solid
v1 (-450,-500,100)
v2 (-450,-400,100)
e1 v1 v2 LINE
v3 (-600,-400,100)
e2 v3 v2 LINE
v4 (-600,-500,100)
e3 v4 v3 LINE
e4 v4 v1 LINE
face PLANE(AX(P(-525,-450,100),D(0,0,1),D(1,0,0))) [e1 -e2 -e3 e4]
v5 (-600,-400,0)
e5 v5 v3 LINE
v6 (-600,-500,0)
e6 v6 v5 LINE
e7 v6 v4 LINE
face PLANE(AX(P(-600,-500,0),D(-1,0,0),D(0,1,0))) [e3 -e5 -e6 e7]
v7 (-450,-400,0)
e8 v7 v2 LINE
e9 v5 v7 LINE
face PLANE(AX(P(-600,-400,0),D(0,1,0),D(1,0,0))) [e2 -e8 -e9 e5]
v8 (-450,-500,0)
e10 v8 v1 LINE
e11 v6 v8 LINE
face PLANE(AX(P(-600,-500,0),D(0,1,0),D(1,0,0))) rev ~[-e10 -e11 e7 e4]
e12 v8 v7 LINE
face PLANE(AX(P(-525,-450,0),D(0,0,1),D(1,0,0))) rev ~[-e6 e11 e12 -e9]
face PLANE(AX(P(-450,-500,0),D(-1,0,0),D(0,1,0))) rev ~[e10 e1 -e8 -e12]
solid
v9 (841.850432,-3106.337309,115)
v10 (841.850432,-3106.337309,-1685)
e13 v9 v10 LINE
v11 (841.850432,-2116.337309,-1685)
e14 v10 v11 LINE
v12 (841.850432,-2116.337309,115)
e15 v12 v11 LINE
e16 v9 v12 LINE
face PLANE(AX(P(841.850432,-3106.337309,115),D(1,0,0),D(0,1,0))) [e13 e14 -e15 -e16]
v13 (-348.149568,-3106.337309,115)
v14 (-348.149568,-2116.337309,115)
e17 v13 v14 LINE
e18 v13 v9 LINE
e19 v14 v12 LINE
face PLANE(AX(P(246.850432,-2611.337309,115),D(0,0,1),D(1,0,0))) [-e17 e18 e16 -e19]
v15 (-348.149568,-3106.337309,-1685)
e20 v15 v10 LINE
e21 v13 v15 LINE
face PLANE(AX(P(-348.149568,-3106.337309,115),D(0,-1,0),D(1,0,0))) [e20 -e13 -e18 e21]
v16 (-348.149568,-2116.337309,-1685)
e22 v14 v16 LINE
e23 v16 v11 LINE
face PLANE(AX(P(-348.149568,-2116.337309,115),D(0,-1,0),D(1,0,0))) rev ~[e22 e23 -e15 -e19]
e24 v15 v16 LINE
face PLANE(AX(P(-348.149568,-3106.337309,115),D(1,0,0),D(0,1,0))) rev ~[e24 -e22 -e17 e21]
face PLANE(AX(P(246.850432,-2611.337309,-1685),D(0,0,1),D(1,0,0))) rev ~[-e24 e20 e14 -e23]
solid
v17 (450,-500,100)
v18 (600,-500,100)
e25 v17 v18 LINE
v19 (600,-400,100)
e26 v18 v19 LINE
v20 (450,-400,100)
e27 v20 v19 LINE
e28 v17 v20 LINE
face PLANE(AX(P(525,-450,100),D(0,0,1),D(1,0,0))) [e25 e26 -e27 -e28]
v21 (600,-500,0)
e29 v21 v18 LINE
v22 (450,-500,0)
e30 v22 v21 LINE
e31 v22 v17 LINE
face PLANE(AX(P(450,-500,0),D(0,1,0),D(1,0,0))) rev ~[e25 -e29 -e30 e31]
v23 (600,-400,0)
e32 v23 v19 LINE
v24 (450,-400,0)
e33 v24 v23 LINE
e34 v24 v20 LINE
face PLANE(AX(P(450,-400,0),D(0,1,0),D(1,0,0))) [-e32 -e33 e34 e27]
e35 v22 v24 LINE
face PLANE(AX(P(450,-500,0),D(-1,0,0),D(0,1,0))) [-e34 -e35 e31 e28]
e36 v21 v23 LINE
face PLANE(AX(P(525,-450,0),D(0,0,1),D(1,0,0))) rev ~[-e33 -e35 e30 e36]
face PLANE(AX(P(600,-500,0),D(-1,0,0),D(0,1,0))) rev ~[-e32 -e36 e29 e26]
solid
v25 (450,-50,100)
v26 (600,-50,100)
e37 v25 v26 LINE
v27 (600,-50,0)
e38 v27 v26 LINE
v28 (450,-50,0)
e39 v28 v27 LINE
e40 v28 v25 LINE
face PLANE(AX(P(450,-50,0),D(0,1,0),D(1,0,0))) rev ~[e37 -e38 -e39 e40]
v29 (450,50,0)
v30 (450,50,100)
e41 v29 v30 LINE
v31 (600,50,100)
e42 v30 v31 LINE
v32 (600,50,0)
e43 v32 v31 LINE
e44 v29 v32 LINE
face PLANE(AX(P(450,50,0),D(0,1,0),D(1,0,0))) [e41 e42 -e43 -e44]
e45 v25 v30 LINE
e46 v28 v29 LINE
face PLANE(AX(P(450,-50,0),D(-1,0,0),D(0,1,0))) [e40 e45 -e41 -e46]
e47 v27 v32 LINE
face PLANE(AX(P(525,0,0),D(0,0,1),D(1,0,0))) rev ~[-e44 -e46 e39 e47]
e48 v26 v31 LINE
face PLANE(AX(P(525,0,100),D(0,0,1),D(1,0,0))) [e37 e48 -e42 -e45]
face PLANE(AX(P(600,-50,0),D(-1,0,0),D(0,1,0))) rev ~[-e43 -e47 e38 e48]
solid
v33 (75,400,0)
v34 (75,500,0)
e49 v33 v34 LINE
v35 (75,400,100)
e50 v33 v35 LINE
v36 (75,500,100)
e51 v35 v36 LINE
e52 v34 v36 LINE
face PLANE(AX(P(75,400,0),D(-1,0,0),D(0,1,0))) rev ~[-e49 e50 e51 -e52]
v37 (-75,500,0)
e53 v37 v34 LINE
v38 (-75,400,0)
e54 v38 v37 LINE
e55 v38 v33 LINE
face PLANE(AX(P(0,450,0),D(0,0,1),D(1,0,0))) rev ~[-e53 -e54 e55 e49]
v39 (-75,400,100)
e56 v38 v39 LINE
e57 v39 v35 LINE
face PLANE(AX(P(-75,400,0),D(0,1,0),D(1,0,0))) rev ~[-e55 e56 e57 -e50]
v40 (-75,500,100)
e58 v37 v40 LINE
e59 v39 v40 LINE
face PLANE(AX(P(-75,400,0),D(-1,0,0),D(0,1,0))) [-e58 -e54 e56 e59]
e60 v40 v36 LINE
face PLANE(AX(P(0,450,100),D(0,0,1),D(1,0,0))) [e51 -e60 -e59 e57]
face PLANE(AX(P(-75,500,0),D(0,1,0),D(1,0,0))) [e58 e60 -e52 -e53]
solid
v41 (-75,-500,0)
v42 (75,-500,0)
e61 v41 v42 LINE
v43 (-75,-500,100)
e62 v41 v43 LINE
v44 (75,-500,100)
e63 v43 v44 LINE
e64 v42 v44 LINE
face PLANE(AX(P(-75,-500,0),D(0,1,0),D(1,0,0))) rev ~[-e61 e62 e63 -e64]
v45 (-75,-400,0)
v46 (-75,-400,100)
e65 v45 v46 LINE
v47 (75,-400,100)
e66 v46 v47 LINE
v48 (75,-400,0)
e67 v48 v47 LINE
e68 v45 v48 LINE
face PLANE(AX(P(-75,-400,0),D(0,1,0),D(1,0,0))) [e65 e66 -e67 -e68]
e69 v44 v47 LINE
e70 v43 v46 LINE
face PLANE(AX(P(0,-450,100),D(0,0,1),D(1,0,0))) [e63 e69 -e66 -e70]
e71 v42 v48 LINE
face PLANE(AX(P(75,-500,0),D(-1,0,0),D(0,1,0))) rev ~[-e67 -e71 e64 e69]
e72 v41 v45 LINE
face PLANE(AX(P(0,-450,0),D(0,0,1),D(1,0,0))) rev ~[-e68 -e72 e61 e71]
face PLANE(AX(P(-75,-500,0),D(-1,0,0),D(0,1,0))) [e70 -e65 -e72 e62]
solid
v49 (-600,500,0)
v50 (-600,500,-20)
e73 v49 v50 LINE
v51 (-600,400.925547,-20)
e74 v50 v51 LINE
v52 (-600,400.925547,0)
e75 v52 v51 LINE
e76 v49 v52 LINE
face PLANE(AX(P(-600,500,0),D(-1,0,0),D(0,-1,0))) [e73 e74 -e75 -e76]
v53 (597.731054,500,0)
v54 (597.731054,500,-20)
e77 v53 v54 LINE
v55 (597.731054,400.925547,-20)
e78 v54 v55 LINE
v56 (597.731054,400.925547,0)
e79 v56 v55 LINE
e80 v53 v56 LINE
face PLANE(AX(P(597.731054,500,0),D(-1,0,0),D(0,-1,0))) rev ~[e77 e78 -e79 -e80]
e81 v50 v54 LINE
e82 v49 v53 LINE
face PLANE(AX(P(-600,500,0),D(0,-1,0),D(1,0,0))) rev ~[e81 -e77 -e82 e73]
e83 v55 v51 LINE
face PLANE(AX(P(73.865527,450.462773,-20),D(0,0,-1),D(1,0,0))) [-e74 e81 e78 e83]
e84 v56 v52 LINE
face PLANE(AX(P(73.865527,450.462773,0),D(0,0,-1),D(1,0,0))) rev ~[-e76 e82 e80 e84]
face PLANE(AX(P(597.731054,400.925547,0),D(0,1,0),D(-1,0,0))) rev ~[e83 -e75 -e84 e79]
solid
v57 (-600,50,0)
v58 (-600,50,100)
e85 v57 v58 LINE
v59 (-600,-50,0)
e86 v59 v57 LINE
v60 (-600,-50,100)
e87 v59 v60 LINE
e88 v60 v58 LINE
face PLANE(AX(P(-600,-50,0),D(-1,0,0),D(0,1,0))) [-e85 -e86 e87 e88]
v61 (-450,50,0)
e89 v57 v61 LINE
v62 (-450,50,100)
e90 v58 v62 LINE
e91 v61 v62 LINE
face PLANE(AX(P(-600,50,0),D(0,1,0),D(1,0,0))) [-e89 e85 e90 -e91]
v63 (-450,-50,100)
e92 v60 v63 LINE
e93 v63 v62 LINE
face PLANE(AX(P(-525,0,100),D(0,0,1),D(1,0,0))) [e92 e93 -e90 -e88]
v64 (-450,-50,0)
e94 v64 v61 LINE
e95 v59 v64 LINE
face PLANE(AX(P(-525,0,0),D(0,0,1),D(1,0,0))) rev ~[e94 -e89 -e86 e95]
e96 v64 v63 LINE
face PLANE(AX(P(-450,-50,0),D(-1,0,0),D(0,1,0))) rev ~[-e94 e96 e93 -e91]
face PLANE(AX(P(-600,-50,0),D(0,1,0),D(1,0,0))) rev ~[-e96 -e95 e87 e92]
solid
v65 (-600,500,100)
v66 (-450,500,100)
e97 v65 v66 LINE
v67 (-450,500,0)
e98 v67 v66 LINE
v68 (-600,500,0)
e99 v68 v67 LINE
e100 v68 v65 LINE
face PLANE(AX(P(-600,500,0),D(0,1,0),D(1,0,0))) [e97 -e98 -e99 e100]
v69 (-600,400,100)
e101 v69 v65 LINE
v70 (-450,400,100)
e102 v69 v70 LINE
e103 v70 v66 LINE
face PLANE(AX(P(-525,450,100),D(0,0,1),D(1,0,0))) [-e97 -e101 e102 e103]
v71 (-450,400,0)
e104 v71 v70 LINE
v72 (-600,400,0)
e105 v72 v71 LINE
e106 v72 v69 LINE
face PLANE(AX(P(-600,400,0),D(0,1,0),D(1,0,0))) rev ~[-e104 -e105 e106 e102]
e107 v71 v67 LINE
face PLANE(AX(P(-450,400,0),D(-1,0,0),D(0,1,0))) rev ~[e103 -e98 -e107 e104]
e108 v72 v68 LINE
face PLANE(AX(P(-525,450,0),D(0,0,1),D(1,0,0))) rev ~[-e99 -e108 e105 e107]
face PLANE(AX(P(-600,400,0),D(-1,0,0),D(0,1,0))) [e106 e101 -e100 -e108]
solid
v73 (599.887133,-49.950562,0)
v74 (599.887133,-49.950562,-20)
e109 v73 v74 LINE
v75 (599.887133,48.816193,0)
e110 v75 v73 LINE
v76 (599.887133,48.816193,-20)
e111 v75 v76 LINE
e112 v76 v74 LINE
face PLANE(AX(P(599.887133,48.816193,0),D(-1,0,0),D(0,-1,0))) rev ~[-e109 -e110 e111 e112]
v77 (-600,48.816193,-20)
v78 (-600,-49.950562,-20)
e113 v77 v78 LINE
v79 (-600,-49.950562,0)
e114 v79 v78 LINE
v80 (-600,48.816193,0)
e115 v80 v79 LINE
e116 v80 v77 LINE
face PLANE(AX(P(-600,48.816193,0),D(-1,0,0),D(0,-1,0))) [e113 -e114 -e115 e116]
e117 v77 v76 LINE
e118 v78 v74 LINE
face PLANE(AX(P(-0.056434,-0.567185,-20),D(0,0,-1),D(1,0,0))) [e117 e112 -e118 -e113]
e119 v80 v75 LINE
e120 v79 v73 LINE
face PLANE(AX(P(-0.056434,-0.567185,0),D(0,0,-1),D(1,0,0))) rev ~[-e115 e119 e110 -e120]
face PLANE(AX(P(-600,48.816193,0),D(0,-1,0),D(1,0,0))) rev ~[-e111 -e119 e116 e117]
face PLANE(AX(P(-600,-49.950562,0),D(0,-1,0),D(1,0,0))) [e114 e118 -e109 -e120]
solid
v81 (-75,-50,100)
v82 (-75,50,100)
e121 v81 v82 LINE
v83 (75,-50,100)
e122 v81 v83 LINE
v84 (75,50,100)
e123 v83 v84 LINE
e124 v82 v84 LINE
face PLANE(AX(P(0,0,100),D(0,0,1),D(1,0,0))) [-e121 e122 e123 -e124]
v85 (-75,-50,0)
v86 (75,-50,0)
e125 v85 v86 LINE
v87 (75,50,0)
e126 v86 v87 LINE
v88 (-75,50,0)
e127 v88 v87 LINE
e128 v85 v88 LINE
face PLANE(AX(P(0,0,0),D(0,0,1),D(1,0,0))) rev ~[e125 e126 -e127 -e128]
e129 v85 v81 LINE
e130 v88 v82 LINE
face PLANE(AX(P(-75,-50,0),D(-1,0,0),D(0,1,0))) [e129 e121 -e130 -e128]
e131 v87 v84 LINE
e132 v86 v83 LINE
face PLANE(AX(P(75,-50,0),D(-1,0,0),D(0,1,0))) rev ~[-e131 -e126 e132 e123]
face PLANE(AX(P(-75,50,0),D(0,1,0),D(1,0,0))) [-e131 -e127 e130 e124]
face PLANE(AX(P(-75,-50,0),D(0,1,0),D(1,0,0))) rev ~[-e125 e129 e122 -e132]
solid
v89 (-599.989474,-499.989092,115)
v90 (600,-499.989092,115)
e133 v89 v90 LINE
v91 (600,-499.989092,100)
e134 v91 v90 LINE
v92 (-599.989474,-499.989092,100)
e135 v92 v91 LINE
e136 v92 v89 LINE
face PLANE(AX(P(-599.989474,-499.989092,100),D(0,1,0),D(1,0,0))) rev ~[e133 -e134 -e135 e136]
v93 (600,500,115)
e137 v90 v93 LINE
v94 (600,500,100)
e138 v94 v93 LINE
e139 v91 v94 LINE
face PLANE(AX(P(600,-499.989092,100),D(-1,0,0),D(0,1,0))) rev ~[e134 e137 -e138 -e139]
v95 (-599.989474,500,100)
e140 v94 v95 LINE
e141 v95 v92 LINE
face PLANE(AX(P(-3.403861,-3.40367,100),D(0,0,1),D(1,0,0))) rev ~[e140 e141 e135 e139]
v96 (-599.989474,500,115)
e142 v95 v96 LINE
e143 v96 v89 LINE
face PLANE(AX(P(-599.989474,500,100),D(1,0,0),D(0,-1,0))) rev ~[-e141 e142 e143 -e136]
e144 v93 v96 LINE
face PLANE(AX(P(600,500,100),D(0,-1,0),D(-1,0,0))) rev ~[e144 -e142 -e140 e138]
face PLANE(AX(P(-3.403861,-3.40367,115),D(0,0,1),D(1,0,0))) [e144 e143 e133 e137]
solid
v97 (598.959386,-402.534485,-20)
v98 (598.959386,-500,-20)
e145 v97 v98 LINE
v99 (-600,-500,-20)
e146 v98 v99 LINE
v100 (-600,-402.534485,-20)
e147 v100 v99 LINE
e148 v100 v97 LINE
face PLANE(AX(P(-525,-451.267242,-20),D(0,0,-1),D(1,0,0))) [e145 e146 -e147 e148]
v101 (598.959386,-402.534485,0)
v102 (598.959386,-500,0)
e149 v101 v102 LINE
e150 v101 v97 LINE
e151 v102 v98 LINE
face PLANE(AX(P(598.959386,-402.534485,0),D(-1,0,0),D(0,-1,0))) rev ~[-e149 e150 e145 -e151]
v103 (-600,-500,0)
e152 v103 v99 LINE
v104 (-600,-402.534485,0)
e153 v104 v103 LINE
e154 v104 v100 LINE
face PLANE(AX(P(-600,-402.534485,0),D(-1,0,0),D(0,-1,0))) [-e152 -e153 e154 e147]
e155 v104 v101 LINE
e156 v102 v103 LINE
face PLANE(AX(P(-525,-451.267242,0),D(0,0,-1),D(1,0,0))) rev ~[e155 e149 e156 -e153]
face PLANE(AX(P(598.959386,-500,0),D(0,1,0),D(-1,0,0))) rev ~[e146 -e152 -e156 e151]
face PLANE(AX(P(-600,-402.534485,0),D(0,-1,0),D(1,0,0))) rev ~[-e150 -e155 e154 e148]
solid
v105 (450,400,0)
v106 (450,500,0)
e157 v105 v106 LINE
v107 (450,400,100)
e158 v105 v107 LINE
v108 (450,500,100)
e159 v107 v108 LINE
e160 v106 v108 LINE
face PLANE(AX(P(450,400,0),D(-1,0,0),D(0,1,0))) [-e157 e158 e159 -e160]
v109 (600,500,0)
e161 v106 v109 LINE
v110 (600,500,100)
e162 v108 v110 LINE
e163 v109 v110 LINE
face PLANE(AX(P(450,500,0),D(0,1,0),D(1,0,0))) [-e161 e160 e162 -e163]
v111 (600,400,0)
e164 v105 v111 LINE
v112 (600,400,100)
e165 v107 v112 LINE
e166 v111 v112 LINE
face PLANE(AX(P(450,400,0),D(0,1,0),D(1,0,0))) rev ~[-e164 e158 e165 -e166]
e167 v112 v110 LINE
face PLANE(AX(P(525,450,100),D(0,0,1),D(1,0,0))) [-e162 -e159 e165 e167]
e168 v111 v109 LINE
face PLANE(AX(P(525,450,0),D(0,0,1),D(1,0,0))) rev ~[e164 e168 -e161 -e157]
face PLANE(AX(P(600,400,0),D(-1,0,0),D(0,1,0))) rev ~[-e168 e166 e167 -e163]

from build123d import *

# Parameters (mm, degrees)
F0_W     = 150
F0_H     = 100
F1_DEPTH = 100
F2_W     = 150
F2_H     = 100
F3_DEPTH = 15
F4_W     = 150
F4_H     = 97.4655151367
F4_W_2   = 1048.9593863487
F5_DEPTH = 20
F6_W     = 1199.8871326447
F6_H     = 98.7667553127
F7_DEPTH = 20
F6_W_2   = 1047.7310538292
F6_H_2   = 99.0744531155
F6_W_3   = 150
F8_W     = 1190
F8_H     = 990
F9_DEPTH = 1800


with BuildPart() as f1:
    # F0 (on Top) → F1 (new body)
    with BuildSketch(Plane.XY):
        with Locations((0, -450)):
            Rectangle(F0_W, F0_H)
    extrude(amount=F1_DEPTH)


with BuildPart() as f1b:
    # F0 (on Top) → F1, piece 2 (new body)
    with BuildSketch(Plane.XY):
        with Locations((-525, -450)):
            Rectangle(F0_W, F0_H)
    extrude(amount=F1_DEPTH)


with BuildPart() as f1c:
    # F0 (on Top) → F1, piece 3 (new body)
    with BuildSketch(Plane.XY):
        with Locations((-525, 0)):
            Rectangle(F0_W, F0_H)
    extrude(amount=F1_DEPTH)


with BuildPart() as f1d:
    # F0 (on Top) → F1, piece 4 (new body)
    with BuildSketch(Plane.XY):
        with Locations((-525, 450)):
            Rectangle(F0_W, F0_H)
    extrude(amount=F1_DEPTH)


with BuildPart() as f1e:
    # F0 (on Top) → F1, piece 5 (new body)
    with BuildSketch(Plane.XY):
        with Locations((0, 450)):
            Rectangle(F0_W, F0_H)
    extrude(amount=F1_DEPTH)


with BuildPart() as f1f:
    # F0 (on Top) → F1, piece 6 (new body)
    with BuildSketch(Plane.XY):
        Rectangle(F0_W, F0_H)
    extrude(amount=F1_DEPTH)


with BuildPart() as f1g:
    # F0 (on Top) → F1, piece 7 (new body)
    with BuildSketch(Plane.XY):
        with Locations((525, 0)):
            Rectangle(F0_W, F0_H)
    extrude(amount=F1_DEPTH)


with BuildPart() as f1h:
    # F0 (on Top) → F1, piece 8 (new body)
    with BuildSketch(Plane.XY):
        with Locations((525, 450)):
            Rectangle(F0_W, F0_H)
    extrude(amount=F1_DEPTH)


with BuildPart() as f1i:
    # F0 (on Top) → F1, piece 9 (new body)
    with BuildSketch(Plane.XY):
        with Locations((525, -450)):
            Rectangle(F0_W, F0_H)
    extrude(amount=F1_DEPTH)


with BuildPart() as f3:
    # F2 (on face) → F3 (new body)
    with BuildSketch(Plane.XY.offset(100)):
        Polygon((450, 400), (450, 500), (-599.9894738197, 500), (-599.9894738197, -499.98909235), (600, -499.98909235), (600, 400), align=None)
        with Locations((525, 450)):
            Rectangle(F2_W, F2_H)
    extrude(amount=F3_DEPTH)


with BuildPart() as f5:
    # F4 (on face) → F5 (new body)
    with BuildSketch(Plane(origin=(0, 0, 0), x_dir=(1, 0, 0), z_dir=(0, 0, -1))):
        with Locations((-525, 451.2672424316)):
            Rectangle(F4_W, F4_H)
        with Locations((74.4796931744, 451.2672424316)):
            Rectangle(F4_W_2, F4_H)
    extrude(amount=F5_DEPTH)


with BuildPart() as f7:
    # F6 (on face) → F7 (new body)
    with BuildSketch(Plane(origin=(0, 0, 0), x_dir=(1, 0, 0), z_dir=(0, 0, -1))):
        with Locations((-0.0564336777, 0.5671847612)):
            Rectangle(F6_W, F6_H)
    extrude(amount=F7_DEPTH)


with BuildPart() as f7b:
    # F6 (on face) → F7, piece 2 (new body)
    with BuildSketch(Plane(origin=(0, 0, 0), x_dir=(1, 0, 0), z_dir=(0, 0, -1))):
        with Locations((73.8655269146, -450.4627734423)):
            Rectangle(F6_W_2, F6_H_2)
        with Locations((-525, -450.4627734423)):
            Rectangle(F6_W_3, F6_H_2)
    extrude(amount=F7_DEPTH)


with BuildPart() as f9:
    # F8 (on face) → F9 (new body)
    with BuildSketch(Plane.XY.offset(115)):
        with Locations((246.8504321575, -2611.3373088837)):
            Rectangle(F8_W, F8_H)
    extrude(amount=-F9_DEPTH)


solid = Compound([f1.part, f1b.part, f1c.part, f1d.part, f1e.part, f1f.part, f1g.part, f1h.part, f1i.part, f3.part, f5.part, f7.part, f7b.part, f9.part])
